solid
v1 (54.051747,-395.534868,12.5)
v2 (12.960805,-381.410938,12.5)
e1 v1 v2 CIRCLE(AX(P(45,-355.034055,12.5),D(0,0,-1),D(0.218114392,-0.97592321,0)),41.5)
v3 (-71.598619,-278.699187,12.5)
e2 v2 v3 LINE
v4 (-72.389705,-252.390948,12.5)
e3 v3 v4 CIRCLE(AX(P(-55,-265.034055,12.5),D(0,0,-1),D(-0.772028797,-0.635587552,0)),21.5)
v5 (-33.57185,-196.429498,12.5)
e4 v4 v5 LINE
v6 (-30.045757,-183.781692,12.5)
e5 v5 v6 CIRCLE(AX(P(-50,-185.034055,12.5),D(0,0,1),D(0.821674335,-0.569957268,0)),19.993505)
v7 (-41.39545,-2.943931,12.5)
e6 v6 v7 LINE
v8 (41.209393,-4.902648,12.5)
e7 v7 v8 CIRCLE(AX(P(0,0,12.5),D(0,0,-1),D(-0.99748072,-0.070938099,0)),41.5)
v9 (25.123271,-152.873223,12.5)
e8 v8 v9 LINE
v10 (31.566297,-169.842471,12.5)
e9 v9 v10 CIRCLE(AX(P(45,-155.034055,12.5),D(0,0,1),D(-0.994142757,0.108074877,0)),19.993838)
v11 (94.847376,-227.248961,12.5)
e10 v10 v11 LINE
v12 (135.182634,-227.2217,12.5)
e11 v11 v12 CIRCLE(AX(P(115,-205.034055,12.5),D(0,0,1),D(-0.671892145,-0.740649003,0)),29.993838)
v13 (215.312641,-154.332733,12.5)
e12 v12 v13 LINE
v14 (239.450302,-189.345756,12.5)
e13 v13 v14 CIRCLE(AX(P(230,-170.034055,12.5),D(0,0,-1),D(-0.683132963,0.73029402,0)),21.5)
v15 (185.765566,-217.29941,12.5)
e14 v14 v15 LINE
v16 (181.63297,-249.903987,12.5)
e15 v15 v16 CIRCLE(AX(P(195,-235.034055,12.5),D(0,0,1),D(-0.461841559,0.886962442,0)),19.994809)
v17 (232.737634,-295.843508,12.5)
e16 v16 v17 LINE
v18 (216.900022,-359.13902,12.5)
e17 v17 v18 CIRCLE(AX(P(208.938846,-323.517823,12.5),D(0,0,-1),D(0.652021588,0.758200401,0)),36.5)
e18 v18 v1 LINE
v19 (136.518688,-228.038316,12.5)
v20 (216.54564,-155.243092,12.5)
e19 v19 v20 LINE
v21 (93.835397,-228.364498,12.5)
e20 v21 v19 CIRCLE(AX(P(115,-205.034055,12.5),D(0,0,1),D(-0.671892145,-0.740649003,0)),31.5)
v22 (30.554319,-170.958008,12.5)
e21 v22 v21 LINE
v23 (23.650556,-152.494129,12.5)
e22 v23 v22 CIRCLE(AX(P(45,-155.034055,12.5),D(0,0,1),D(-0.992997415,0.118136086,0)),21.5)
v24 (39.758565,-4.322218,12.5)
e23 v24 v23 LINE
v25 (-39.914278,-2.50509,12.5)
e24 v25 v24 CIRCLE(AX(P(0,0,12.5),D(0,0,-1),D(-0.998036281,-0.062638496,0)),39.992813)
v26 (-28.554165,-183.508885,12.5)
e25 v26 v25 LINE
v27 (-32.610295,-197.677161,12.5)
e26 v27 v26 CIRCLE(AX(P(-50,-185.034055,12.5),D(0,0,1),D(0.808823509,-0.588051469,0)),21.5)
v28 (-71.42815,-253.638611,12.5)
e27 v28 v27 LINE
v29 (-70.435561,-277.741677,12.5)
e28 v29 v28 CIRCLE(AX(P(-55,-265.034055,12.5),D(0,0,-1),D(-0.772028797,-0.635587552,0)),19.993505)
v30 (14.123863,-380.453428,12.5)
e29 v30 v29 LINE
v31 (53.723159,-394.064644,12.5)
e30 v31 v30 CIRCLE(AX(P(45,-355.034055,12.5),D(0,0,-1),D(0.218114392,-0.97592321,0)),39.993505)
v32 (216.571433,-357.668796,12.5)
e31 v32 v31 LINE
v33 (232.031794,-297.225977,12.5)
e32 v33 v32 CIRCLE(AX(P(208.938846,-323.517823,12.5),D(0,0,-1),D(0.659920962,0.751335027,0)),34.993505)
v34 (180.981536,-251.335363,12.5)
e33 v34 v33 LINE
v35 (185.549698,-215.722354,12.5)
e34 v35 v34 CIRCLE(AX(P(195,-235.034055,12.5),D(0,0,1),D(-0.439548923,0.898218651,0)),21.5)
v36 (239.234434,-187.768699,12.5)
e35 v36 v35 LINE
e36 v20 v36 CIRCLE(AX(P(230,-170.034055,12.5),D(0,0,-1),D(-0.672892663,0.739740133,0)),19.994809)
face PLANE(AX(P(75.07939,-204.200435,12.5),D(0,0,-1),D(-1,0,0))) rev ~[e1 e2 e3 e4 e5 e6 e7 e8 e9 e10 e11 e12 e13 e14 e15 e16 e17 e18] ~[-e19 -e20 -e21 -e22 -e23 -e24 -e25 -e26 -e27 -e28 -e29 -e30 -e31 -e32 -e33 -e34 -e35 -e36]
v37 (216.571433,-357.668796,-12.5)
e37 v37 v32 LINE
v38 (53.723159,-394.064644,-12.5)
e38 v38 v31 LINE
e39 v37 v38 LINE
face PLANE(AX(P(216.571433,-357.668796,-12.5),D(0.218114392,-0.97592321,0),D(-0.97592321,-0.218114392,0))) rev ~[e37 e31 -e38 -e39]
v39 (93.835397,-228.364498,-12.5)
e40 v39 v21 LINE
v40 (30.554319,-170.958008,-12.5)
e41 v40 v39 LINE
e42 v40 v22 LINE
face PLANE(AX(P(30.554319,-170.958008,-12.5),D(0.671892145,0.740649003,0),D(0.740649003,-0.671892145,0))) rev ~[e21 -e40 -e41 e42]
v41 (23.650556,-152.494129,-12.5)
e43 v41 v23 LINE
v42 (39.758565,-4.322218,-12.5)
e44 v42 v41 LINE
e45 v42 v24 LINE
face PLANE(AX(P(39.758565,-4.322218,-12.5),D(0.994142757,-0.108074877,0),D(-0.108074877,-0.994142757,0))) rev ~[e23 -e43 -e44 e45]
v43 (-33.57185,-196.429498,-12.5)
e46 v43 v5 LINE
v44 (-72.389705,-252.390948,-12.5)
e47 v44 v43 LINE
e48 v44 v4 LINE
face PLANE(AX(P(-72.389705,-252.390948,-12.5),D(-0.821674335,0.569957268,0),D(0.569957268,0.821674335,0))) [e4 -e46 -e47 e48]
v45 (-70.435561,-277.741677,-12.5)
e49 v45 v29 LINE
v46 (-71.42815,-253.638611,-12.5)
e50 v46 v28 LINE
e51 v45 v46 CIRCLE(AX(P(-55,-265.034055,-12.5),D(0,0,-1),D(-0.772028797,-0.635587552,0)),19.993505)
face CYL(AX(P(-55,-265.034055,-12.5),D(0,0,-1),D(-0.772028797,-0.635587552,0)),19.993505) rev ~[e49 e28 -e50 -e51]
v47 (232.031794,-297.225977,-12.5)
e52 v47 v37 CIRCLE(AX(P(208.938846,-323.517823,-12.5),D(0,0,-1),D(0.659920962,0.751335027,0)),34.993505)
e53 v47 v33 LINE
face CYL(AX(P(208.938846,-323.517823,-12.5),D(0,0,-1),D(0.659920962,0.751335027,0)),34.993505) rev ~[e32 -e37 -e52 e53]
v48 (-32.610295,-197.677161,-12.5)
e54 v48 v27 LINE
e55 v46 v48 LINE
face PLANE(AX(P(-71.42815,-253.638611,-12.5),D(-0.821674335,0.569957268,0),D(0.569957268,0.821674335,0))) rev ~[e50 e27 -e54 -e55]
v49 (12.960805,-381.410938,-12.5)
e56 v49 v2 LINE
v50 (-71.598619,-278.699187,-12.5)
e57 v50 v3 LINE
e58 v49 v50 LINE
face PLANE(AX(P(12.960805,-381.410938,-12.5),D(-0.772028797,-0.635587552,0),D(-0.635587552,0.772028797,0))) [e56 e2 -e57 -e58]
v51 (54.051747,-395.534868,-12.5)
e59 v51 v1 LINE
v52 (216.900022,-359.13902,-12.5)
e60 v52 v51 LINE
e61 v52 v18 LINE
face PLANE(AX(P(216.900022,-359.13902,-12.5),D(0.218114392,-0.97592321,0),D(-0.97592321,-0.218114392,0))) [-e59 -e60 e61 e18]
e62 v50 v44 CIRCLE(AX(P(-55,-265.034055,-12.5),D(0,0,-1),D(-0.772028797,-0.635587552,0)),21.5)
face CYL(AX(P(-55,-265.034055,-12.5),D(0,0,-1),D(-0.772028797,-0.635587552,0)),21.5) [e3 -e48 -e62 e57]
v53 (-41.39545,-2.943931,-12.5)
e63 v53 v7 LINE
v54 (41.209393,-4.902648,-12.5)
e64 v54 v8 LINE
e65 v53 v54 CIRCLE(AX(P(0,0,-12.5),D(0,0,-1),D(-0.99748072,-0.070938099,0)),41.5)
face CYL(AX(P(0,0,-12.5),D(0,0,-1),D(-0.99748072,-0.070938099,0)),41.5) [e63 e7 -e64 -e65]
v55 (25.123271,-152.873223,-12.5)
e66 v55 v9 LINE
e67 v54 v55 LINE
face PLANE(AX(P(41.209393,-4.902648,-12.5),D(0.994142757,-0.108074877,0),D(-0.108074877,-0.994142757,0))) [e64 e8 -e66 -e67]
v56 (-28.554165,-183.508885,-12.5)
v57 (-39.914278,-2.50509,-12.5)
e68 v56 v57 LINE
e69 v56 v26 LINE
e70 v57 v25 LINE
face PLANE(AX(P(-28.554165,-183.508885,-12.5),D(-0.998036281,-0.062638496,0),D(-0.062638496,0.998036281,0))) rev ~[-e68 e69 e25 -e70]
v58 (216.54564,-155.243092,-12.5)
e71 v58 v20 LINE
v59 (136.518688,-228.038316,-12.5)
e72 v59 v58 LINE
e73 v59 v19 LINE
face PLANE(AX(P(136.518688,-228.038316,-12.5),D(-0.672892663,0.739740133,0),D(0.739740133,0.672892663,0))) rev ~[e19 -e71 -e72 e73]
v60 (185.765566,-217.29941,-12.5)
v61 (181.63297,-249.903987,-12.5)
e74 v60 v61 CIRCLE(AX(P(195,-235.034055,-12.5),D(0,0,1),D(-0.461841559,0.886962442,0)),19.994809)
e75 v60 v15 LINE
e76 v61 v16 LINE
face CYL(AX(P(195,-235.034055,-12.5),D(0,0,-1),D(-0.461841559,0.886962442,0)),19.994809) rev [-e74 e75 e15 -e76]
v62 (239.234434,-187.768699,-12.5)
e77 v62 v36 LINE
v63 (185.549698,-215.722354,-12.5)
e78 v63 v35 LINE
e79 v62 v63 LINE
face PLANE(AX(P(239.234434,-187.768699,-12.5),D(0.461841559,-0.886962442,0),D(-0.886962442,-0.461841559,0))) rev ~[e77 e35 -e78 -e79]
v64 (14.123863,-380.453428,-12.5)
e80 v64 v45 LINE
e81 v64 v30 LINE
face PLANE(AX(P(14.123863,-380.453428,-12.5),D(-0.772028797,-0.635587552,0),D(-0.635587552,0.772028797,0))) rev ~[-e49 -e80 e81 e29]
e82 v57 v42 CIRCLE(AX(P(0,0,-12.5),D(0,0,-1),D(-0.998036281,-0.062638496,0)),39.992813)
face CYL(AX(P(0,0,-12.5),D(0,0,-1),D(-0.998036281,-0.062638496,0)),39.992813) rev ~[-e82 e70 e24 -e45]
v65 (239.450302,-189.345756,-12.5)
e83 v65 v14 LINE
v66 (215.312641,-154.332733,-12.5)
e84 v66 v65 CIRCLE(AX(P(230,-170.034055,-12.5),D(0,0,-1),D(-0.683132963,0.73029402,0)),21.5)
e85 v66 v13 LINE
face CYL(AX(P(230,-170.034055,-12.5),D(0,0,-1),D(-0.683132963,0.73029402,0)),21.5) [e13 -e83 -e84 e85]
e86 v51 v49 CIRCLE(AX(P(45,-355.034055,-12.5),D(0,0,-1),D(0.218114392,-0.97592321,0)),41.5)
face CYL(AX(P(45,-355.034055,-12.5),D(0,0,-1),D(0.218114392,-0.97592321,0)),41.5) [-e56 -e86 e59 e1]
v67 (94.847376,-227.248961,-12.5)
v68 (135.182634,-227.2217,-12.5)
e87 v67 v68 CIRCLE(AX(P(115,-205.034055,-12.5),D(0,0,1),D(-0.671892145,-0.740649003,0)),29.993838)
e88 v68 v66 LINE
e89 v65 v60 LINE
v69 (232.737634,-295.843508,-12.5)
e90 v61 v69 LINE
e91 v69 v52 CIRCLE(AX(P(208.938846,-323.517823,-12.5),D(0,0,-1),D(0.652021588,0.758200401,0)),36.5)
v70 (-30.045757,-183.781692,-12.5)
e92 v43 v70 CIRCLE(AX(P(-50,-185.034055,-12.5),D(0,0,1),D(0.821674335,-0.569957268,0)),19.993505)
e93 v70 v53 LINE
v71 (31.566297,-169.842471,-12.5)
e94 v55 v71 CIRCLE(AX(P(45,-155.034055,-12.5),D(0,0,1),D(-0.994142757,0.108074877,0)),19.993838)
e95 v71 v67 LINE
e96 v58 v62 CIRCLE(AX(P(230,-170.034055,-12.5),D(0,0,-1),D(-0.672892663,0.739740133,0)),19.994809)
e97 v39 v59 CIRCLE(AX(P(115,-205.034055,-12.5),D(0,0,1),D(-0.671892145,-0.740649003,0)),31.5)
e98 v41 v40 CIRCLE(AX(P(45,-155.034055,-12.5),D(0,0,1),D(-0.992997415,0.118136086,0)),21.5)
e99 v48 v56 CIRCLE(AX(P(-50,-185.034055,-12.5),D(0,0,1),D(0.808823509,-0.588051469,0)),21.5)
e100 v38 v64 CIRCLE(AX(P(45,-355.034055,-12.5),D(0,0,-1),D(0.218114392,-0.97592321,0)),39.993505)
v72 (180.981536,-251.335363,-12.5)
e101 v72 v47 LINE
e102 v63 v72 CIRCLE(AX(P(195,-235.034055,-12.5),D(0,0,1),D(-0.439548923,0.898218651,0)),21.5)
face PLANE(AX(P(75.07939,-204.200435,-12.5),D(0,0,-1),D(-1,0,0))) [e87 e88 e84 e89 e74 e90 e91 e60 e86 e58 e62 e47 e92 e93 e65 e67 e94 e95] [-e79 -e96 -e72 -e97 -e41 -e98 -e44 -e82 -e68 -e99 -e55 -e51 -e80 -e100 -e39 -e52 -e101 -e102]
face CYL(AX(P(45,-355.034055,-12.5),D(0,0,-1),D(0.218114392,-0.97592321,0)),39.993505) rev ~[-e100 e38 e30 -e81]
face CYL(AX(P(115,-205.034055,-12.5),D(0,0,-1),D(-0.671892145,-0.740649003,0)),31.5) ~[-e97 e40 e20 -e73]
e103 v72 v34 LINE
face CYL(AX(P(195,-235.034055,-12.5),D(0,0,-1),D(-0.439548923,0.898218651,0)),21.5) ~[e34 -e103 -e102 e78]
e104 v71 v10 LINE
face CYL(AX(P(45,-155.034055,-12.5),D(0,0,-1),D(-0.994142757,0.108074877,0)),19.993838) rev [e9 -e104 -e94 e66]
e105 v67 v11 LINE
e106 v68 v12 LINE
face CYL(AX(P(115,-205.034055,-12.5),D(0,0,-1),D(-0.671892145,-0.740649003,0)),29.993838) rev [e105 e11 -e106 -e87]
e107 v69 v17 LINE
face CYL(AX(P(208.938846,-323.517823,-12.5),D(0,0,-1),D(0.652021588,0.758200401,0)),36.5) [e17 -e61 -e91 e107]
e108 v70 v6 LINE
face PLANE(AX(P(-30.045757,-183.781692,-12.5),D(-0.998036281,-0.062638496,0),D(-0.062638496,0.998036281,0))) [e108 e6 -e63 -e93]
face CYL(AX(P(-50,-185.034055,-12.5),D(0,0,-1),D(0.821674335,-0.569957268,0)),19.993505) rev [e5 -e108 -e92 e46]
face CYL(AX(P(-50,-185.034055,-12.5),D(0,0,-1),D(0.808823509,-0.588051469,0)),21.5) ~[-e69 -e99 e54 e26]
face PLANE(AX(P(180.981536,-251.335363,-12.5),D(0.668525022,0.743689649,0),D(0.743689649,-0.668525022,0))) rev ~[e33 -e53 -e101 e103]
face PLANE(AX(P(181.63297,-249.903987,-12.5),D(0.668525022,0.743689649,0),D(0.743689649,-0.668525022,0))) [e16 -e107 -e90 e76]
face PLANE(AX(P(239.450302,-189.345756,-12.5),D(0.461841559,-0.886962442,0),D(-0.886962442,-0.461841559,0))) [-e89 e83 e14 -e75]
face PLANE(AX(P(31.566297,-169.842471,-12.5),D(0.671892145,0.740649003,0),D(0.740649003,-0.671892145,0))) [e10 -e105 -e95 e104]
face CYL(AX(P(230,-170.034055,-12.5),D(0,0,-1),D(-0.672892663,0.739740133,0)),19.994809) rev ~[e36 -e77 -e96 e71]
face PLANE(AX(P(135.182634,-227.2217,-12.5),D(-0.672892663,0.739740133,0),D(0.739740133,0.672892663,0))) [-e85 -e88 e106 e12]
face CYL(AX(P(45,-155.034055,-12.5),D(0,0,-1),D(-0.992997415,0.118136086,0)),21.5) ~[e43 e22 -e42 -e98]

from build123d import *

# Parameters (mm, degrees)
BOSS_EXTRUDE1_DEPTH      = 12.5
BOSS_EXTRUDE1_DEPTH_BACK = 12.5


with BuildPart() as part:
    # Sketch3 → Boss-Extrude1 (new, two sides: drawn at the far end of the back side and taken through both)
    with BuildSketch(Plane.XY.offset(-BOSS_EXTRUDE1_DEPTH_BACK)):
        with BuildLine():
            Line((41.209392703, -4.902647552), (25.123270681, -152.873223024))
            ThreePointArc((25.123270681, -152.873223024), (26.308155139, -162.131131278), (31.56629724, -169.842470855))
            Line((31.56629724, -169.842470855), (94.847375791, -227.248960885))
            ThreePointArc((94.847375791, -227.248960885), (115.02027127, -235.027885849), (135.182633585, -227.221700382))
            Line((135.182633585, -227.221700382), (215.312641305, -154.332733182))
            ThreePointArc((215.312641305, -154.332733182), (247.701260572, -157.830965895), (239.450301839, -189.3457556))
            Line((239.450301839, -189.3457556), (185.765566437, -217.299410382))
            ThreePointArc((185.765566437, -217.299410382), (175.163893091, -232.519848612), (181.632970164, -249.90398677))
            Line((181.632970164, -249.90398677), (232.737634385, -295.843508488))
            ThreePointArc((232.737634385, -295.843508488), (244.347239065, -332.377604686), (216.900021711, -359.139020295))
            Line((216.900021711, -359.139020295), (54.051747266, -395.534867829))
            ThreePointArc((54.051747266, -395.534867829), (31.510113512, -394.280366061), (12.960804924, -381.410938028))
            Line((12.960804924, -381.410938028), (-71.598619136, -278.699186983))
            ThreePointArc((-71.598619136, -278.699186983), (-76.490286444, -265.680265539), (-72.389705453, -252.390948019))
            Line((-72.389705453, -252.390948019), (-33.571850395, -196.429497877))
            ThreePointArc((-33.571850395, -196.429497877), (-30.74094047, -190.403305276), (-30.045757005, -183.781691559))
            Line((-30.045757005, -183.781691559), (-41.395449867, -2.943931093))
            ThreePointArc((-41.395449867, -2.943931093), (0.983766669, 41.488338158), (41.209392703, -4.902647552))
        make_face()
        with BuildLine():
            Line((39.758565065, -4.322218299), (23.650555587, -152.494128769))
            ThreePointArc((23.650555587, -152.494128769), (24.861691641, -162.563897665), (30.554318883, -170.958008173))
            Line((30.554318883, -170.958008173), (93.835397434, -228.364498202))
            ThreePointArc((93.835397434, -228.364498202), (115.24071321, -236.533134868), (136.518688321, -228.038316235))
            Line((136.518688321, -228.038316235), (216.545640027, -155.243092274))
            ThreePointArc((216.545640027, -155.243092274), (246.399107149, -158.594576746), (239.234433563, -187.768698837))
            Line((239.234433563, -187.768698837), (185.549698161, -215.722353619))
            ThreePointArc((185.549698161, -215.722353619), (173.674724909, -232.298612729), (180.981535847, -251.335363232))
            Line((180.981535847, -251.335363232), (232.031793649, -297.225977381))
            ThreePointArc((232.031793649, -297.225977381), (242.840884818, -332.189452533), (216.571433386, -357.668796481))
            Line((216.571433386, -357.668796481), (53.72315894, -394.064644015))
            ThreePointArc((53.72315894, -394.064644015), (31.999811145, -392.855682033), (14.123862745, -380.453428312))
            Line((14.123862745, -380.453428312), (-70.435561315, -277.741677267))
            ThreePointArc((-70.435561315, -277.741677267), (-74.976572908, -265.856709803), (-71.428149605, -253.638611342))
            Line((-71.428149605, -253.638611342), (-32.610294547, -197.6771612))
            ThreePointArc((-32.610294547, -197.6771612), (-29.330340619, -190.951417289), (-28.554164527, -183.508885489))
            Line((-28.554164527, -183.508885489), (-39.91427806, -2.505089621))
            ThreePointArc((-39.91427806, -2.505089621), (0.911894069, 39.982415088), (39.758565065, -4.322218299))
        make_face(mode=Mode.SUBTRACT)
    extrude(amount=BOSS_EXTRUDE1_DEPTH + BOSS_EXTRUDE1_DEPTH_BACK)


solid = part.part
